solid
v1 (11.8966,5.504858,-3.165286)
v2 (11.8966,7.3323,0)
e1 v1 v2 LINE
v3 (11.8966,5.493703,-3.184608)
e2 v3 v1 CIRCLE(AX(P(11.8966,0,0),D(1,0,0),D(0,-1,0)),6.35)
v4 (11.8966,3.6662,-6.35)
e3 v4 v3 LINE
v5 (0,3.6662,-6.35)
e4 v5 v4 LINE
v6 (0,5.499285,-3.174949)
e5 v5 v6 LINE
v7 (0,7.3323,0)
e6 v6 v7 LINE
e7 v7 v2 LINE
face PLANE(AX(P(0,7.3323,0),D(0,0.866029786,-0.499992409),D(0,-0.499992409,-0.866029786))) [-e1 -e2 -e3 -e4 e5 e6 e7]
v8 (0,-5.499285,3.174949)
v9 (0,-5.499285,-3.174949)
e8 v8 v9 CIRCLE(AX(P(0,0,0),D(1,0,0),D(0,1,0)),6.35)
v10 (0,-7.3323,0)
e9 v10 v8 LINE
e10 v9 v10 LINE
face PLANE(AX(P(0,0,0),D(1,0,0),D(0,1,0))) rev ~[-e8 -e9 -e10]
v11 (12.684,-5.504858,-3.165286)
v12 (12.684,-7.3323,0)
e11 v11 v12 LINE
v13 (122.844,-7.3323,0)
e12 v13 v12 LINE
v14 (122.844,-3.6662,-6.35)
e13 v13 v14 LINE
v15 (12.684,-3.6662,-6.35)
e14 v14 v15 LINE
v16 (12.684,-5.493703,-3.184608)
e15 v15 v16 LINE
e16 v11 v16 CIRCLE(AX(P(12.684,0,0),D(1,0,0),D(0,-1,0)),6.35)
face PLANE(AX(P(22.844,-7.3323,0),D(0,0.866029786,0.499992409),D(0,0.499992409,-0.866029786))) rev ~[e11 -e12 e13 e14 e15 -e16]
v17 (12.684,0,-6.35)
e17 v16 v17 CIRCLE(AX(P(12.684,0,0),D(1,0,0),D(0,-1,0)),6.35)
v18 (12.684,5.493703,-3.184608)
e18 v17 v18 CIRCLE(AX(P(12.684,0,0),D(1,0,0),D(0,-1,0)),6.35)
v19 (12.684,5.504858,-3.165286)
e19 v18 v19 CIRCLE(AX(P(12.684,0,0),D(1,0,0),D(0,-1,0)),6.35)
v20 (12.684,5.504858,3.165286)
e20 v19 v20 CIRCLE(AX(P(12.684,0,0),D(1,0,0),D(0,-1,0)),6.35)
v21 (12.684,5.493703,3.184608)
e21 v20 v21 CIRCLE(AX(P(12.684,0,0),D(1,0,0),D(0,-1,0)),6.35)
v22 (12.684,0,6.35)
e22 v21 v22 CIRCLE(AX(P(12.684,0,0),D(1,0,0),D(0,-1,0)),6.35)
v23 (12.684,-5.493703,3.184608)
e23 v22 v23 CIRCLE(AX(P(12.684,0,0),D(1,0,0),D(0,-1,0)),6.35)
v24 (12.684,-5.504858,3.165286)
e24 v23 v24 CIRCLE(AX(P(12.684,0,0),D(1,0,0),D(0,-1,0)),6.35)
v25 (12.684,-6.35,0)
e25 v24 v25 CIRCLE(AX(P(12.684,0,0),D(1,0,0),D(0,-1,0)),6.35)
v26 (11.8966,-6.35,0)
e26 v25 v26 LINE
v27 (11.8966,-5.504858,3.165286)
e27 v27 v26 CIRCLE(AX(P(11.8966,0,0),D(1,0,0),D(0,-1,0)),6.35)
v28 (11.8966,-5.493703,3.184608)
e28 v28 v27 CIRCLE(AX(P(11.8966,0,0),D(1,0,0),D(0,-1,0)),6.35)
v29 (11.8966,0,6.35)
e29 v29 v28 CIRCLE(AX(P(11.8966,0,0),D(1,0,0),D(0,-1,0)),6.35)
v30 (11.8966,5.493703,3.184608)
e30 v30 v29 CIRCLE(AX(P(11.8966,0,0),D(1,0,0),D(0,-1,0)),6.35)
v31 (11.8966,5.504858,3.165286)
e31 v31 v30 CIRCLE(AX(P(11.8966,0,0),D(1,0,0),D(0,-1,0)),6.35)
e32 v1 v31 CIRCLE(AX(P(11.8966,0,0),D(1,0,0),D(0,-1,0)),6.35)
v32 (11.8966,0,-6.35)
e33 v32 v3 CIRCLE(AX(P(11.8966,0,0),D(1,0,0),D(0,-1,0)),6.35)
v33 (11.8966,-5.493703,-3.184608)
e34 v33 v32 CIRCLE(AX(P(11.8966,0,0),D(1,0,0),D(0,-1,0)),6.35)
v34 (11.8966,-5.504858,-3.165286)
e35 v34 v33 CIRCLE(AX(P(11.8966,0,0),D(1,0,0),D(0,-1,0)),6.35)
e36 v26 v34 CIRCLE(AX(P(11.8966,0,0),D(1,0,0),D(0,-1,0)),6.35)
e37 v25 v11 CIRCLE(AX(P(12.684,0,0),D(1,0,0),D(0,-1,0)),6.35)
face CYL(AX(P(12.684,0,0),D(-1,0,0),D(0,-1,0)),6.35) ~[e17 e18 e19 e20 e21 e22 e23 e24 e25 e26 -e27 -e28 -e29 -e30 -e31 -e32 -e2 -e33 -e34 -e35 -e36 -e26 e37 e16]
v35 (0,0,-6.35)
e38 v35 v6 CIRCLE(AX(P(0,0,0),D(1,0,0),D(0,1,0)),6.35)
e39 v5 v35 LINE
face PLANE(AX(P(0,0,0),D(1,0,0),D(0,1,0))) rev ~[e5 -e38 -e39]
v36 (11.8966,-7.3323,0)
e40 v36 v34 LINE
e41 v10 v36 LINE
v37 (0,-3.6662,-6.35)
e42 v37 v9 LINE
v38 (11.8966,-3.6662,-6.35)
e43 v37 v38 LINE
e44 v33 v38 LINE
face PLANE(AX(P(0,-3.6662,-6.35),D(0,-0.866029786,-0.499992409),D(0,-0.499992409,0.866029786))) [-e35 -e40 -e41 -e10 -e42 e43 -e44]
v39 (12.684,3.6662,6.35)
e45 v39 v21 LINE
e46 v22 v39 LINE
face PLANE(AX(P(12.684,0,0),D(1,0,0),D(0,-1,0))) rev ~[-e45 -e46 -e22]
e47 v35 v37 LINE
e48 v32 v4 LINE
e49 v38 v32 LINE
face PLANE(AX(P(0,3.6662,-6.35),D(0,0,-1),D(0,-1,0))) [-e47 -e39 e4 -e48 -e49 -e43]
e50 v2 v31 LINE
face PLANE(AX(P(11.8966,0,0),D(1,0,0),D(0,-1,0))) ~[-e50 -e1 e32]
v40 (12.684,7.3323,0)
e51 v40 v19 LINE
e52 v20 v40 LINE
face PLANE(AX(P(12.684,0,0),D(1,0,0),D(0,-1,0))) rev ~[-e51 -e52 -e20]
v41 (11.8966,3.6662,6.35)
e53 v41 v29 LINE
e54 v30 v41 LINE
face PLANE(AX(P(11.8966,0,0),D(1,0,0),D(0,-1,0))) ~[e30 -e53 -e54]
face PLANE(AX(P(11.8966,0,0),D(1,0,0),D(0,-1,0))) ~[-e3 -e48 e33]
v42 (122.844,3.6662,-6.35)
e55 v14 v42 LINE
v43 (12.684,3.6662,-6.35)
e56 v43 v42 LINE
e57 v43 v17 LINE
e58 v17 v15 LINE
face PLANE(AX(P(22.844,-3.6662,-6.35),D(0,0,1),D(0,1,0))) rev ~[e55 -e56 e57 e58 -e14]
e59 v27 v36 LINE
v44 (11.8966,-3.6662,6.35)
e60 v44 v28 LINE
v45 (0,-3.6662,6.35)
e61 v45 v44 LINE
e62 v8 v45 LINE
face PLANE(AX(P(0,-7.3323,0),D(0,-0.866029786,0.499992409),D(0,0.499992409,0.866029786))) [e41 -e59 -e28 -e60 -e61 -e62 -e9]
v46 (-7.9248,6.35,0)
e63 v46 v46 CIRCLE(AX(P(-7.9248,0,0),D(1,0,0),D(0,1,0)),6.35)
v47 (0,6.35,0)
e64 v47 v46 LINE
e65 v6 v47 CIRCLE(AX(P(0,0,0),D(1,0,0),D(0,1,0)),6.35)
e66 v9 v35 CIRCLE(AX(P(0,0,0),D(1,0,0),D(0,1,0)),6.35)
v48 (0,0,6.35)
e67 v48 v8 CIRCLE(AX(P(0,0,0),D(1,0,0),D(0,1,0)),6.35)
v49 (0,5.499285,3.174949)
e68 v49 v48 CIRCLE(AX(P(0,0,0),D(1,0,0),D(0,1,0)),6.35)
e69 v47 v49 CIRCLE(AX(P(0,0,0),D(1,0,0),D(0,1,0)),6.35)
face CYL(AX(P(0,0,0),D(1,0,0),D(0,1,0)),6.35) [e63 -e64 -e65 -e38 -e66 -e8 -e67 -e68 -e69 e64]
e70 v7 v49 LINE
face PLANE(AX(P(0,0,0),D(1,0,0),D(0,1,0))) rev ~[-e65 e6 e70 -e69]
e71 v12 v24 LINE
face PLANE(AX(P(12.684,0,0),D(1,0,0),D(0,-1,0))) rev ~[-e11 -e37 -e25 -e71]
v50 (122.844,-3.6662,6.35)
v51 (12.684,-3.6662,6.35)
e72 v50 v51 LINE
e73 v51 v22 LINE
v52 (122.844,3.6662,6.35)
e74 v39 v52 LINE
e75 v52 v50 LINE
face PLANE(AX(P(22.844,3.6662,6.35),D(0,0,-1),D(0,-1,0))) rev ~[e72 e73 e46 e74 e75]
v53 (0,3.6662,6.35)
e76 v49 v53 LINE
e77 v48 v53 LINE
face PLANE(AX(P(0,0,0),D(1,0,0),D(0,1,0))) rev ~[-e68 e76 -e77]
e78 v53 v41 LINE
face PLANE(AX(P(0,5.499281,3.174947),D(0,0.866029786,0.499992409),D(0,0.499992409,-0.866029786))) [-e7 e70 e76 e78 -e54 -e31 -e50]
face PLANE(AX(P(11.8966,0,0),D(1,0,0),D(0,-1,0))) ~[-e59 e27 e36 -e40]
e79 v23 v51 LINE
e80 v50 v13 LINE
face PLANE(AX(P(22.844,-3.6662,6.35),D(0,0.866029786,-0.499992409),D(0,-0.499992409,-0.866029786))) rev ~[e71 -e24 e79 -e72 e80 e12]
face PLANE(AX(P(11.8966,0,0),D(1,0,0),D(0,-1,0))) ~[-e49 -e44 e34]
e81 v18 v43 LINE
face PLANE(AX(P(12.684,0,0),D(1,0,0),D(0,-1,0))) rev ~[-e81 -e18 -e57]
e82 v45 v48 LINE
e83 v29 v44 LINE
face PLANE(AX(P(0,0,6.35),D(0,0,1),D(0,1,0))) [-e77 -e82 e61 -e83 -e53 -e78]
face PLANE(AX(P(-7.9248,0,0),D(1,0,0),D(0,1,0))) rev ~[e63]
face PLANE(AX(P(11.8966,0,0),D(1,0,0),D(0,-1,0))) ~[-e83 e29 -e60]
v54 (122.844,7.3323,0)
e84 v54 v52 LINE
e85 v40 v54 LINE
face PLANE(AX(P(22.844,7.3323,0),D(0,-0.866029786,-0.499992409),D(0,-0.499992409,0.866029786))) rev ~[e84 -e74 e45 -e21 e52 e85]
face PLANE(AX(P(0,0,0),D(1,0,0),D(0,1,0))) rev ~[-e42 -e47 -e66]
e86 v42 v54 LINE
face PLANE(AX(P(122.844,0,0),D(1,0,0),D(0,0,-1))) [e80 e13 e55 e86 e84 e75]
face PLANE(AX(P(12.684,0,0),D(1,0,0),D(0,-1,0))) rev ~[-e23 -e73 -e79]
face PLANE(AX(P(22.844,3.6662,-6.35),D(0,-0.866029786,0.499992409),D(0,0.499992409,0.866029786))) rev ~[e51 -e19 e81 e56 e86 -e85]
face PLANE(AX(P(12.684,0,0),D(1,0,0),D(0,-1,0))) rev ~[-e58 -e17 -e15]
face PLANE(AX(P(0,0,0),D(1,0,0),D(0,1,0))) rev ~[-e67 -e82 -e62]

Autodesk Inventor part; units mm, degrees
ref_plane "YZ Plane" through (0, 0, 0) normal (1, 0, 0) x (0, 1, 0)
ref_plane "XZ Plane" through (0, 0, 0) normal (0, 1, 0) x (-1, 0, 0)
ref_plane "XY Plane" through (0, 0, 0) normal (0, 0, 1) x (1, 0, 0)
sketch "Sketch1" plane through (0, 0, 0) normal (1, 0, 0) x (0, 1, 0)
  line L0 (7.3323, 0) -> (3.6662, -6.35)
  line L1 (3.6662, -6.35) -> (-3.6662, -6.35)
  line L2 (-3.6662, -6.35) -> (-7.3323, 0)
  line L3 (-7.3323, 0) -> (-3.6662, 6.35)
  line L4 (-3.6662, 6.35) -> (3.6662, 6.35)
  line L5 (3.6662, 6.35) -> (7.3323, 0)
  circle A0 centre (0, 0) radius 6.35
  dimension "d0" = 12.7
extrude "Extrusion1" add sketch "Sketch1" along normal blind 22.844
extrude "Extrusion2" add sketch "Sketch1" against normal blind 7.9248 contours A0
ref_plane "Work Plane1" through (0, 7.3323, 0) normal (0, 0, -1) x (1, 0, 0)
sketch "Sketch2" plane through (0, 7.3323, 0) normal (0, 0, -1) x (1, 0, 0)
  line L0 (0, 13.6823) -> (-7.9248, 13.6823) projected
  line L1 (0, 10.9985) -> (0, 14.6647) projected
  line L2 (0, 14.6647) -> (22.844, 14.6647) projected
  line L3 (11.8966, 14.6647) -> (12.684, 14.6647)
  line L4 (12.684, 14.6647) -> (12.684, 13.6823)
  line L5 (12.684, 13.6823) -> (11.8966, 13.6823)
  line L6 (11.8966, 13.6823) -> (11.8966, 14.6647)
  line L7 (0, 7.3323) -> (22.844, 7.3323)
  line L8 (22.844, 3.6662) -> (22.844, 10.9985) projected
  line L9 (22.844, 14.6647) -> (22.844, 10.9985) projected
  dimension "d7" = 0.7874
  dimension "d9" = 10.16
revolve "Revolution1" cut sketch "Sketch2" angle 360 about axis through (0, 0, 0) along (1, 0, 0)
sketch "Sketch3" plane through (22.844, 0, 0) normal (1, 0, 0) x (0, 0, -1)
  line L0 (6.35, 3.6662) -> (0, 7.3323) projected
  line L1 (0, 7.3323) -> (-6.35, 3.6662) projected
  line L2 (-6.35, 3.6662) -> (-6.35, -3.6662) projected
  line L3 (-6.35, -3.6662) -> (0, -7.3323) projected
  line L4 (0, -7.3323) -> (6.35, -3.6662) projected
  line L5 (6.35, -3.6662) -> (6.35, 3.6662) projected
  point P0 (0, 0)
extrude "Extrusion3" add sketch "Sketch3" along normal blind 100
properties part number "LongShaft"
